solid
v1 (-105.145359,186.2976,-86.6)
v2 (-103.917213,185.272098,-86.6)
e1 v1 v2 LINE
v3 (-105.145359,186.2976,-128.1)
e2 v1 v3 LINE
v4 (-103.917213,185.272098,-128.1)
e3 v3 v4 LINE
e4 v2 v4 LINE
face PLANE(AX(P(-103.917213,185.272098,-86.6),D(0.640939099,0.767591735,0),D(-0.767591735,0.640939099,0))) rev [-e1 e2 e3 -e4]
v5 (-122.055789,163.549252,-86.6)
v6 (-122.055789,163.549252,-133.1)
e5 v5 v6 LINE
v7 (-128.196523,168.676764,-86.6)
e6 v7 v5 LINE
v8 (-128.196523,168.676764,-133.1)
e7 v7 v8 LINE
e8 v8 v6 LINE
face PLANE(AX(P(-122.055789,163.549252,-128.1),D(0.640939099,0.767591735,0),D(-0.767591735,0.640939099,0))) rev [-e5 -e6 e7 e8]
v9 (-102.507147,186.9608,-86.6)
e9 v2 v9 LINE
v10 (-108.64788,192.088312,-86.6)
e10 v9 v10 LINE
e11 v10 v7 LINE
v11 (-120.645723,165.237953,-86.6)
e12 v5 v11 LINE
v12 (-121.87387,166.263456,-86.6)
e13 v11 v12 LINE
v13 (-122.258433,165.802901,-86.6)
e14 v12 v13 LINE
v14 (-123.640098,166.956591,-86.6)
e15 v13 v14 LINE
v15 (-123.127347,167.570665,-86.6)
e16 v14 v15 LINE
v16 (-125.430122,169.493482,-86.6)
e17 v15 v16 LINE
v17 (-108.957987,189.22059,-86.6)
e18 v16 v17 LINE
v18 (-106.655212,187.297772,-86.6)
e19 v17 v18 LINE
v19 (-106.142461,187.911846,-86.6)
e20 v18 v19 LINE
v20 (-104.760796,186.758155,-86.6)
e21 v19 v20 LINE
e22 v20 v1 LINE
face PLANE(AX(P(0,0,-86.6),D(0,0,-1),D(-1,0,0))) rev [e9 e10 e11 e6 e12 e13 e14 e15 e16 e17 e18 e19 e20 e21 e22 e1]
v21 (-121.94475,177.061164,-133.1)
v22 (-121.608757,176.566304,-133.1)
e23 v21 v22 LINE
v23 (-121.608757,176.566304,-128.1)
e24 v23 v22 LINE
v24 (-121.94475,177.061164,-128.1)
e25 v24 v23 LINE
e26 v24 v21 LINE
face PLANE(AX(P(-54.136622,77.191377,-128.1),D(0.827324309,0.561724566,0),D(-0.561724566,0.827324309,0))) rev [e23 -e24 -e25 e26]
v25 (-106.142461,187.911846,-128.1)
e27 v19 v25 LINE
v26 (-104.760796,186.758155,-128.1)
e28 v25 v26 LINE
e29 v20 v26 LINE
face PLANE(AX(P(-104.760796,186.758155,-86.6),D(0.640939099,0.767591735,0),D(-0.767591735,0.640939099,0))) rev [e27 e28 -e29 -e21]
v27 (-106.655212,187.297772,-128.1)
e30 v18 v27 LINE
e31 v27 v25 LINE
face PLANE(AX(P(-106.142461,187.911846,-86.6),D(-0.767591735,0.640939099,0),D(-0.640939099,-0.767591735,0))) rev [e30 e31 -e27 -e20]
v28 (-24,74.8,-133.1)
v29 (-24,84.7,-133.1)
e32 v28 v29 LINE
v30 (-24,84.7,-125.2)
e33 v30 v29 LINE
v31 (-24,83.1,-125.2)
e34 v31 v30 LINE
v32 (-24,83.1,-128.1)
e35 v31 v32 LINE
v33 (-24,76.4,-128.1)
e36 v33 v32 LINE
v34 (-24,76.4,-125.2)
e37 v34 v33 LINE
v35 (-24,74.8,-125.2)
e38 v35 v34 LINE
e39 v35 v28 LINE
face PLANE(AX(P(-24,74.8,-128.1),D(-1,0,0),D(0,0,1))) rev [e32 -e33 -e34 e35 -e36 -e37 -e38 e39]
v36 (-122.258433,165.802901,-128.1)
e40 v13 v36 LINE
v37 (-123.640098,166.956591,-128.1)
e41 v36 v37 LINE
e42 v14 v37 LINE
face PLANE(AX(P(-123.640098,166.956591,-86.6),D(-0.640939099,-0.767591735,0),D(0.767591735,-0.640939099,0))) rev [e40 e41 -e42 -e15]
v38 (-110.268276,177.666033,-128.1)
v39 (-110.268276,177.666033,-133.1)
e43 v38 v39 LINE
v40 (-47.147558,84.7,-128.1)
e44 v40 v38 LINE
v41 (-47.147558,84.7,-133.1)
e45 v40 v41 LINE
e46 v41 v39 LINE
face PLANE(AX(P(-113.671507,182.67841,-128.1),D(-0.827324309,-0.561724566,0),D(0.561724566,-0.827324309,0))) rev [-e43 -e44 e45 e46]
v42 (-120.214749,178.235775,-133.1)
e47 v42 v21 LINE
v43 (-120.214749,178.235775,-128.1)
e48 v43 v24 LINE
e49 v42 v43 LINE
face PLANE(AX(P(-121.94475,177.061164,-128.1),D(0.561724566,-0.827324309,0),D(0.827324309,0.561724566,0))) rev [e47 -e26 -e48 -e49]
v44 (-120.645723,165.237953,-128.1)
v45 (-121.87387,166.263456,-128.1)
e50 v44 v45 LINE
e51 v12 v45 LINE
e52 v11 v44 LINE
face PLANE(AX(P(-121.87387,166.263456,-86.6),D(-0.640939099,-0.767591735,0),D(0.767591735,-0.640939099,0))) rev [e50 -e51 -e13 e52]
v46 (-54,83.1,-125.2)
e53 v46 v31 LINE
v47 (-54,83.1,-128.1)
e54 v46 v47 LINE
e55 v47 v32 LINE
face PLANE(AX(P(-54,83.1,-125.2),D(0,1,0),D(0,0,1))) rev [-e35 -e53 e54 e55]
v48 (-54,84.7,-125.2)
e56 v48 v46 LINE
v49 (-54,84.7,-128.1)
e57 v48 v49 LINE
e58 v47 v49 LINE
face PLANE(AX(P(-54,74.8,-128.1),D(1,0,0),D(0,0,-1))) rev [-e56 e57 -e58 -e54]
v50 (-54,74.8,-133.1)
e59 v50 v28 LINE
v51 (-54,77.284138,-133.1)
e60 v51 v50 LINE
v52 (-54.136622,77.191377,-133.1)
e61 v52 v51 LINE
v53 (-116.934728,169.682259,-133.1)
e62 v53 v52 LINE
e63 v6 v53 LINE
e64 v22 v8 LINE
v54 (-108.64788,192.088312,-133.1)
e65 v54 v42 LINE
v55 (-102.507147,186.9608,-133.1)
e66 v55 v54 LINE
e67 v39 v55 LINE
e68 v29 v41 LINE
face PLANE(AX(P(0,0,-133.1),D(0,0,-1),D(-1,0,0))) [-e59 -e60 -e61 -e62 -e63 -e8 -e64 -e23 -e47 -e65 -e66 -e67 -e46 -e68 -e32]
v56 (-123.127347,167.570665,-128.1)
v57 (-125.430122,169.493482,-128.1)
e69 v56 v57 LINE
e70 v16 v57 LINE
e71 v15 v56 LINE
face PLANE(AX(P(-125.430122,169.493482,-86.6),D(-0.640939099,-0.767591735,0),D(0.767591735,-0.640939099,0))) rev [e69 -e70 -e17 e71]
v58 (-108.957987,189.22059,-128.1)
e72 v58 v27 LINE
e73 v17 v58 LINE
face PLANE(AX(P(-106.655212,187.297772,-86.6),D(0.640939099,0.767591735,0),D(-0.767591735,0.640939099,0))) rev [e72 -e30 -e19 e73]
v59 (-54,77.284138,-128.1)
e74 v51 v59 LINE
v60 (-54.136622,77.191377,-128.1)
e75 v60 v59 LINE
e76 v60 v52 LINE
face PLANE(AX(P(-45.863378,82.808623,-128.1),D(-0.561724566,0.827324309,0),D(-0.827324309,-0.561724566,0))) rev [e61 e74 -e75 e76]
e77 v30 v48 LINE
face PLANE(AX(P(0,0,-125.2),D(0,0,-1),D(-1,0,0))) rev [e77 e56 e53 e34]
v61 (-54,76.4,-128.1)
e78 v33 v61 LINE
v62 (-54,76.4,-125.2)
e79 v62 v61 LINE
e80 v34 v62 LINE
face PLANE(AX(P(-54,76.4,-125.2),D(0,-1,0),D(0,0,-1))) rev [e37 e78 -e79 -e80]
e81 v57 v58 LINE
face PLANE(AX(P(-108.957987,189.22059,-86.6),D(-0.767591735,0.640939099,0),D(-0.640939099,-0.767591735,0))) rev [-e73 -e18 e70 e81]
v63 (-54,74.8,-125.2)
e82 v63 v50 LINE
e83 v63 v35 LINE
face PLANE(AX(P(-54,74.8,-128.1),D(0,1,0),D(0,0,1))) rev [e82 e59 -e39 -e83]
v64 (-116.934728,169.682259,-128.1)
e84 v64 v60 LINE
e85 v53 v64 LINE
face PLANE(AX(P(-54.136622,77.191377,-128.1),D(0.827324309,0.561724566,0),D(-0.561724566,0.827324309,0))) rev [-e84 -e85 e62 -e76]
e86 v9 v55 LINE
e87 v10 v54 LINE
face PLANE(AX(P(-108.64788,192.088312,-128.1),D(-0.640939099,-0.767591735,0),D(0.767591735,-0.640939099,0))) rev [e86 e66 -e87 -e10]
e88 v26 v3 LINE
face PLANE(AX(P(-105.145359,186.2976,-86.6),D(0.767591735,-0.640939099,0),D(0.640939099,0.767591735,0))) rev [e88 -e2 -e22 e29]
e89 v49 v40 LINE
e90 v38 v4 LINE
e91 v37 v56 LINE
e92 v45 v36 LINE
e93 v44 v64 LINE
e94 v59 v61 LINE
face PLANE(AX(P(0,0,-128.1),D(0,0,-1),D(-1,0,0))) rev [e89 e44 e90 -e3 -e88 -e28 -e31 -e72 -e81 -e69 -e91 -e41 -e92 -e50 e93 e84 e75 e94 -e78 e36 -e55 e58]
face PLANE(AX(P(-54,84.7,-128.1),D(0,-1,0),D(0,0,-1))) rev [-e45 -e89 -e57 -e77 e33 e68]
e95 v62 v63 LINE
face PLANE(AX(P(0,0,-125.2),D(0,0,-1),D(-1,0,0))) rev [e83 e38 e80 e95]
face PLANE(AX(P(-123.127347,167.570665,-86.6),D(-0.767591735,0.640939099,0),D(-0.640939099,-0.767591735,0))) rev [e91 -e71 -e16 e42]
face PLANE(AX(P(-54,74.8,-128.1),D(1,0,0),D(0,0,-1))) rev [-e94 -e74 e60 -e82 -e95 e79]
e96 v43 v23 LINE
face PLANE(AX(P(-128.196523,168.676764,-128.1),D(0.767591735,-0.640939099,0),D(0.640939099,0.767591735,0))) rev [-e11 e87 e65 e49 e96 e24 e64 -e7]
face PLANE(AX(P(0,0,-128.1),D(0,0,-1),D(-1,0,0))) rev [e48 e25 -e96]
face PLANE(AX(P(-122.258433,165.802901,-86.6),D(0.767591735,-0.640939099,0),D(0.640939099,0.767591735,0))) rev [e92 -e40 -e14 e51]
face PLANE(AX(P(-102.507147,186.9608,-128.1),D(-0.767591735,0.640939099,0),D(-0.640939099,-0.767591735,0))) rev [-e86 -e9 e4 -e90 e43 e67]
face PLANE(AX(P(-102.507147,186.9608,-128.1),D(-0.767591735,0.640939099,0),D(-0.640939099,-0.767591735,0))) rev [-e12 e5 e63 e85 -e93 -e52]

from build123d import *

# Parameters (mm, degrees)
CROQUIS_PLACA_CLIP_W = 30
CROQUIS_PLACA_CLIP_H = 9.9
PLACA_CLIP_DEPTH     = 5
CROQUIS_MORDAZAS_W   = 30
CROQUIS_MORDAZAS_H   = 1.6
MORDAZAS_DEPTH       = 2.9
BRAZO_DEPTH          = 5
TOPE_CUNA_DEPTH      = 5
CUNA_DEPTH           = 46.5


with BuildPart() as part:
    # Croquis_placa_clip → Placa_clip (new body)
    with BuildSketch(Plane.XY.offset(-133.1)):
        with Locations((-39, 79.75)):
            Rectangle(CROQUIS_PLACA_CLIP_W, CROQUIS_PLACA_CLIP_H)
    extrude(amount=PLACA_CLIP_DEPTH)

    # Croquis_mordazas → Mordazas (add)
    with BuildSketch(Plane.XY.offset(-128.1)):
        with Locations((-39, 83.9)):
            Rectangle(CROQUIS_MORDAZAS_W, CROQUIS_MORDAZAS_H)
        with Locations((-39, 75.6)):
            Rectangle(CROQUIS_MORDAZAS_W, CROQUIS_MORDAZAS_H)
    extrude(amount=MORDAZAS_DEPTH)

    # Croquis_brazo → Brazo (add)
    with BuildSketch(Plane.XY.offset(-133.1)):
        Polygon((-54.136621543, 77.191377169), (-121.944749796, 177.06116426), (-113.671506709, 182.678409922), (-45.863378457, 82.808622831), align=None)
    extrude(amount=BRAZO_DEPTH)

    # Croquis_tope → Tope_cuna (add)
    with BuildSketch(Plane.XY.offset(-133.1)):
        Polygon((-128.196522897, 168.676764411), (-108.647880385, 192.088312329), (-102.507146505, 186.960799539), (-122.055789016, 163.549251621), align=None)
    extrude(amount=TOPE_CUNA_DEPTH)

    # Croquis_cuna → Cuna (add)
    with BuildSketch(Plane.XY.offset(-133.1)):
        Polygon((-108.647880385, 192.088312329), (-102.507146505, 186.960799539), (-103.917212522, 185.272097722), (-105.145359298, 186.29760028), (-104.760795839, 186.758155321), (-106.142460962, 187.911845699), (-106.655212241, 187.297772311), (-108.957987446, 189.220589607), (-125.430122284, 169.493482017), (-123.127347079, 167.570664721), (-123.640098358, 166.956591333), (-122.258433235, 165.802900955), (-121.873869775, 166.263455996), (-120.645722999, 165.237953438), (-122.055789016, 163.549251621), (-128.196522897, 168.676764411), align=None)
    extrude(amount=CUNA_DEPTH)


solid = part.part
